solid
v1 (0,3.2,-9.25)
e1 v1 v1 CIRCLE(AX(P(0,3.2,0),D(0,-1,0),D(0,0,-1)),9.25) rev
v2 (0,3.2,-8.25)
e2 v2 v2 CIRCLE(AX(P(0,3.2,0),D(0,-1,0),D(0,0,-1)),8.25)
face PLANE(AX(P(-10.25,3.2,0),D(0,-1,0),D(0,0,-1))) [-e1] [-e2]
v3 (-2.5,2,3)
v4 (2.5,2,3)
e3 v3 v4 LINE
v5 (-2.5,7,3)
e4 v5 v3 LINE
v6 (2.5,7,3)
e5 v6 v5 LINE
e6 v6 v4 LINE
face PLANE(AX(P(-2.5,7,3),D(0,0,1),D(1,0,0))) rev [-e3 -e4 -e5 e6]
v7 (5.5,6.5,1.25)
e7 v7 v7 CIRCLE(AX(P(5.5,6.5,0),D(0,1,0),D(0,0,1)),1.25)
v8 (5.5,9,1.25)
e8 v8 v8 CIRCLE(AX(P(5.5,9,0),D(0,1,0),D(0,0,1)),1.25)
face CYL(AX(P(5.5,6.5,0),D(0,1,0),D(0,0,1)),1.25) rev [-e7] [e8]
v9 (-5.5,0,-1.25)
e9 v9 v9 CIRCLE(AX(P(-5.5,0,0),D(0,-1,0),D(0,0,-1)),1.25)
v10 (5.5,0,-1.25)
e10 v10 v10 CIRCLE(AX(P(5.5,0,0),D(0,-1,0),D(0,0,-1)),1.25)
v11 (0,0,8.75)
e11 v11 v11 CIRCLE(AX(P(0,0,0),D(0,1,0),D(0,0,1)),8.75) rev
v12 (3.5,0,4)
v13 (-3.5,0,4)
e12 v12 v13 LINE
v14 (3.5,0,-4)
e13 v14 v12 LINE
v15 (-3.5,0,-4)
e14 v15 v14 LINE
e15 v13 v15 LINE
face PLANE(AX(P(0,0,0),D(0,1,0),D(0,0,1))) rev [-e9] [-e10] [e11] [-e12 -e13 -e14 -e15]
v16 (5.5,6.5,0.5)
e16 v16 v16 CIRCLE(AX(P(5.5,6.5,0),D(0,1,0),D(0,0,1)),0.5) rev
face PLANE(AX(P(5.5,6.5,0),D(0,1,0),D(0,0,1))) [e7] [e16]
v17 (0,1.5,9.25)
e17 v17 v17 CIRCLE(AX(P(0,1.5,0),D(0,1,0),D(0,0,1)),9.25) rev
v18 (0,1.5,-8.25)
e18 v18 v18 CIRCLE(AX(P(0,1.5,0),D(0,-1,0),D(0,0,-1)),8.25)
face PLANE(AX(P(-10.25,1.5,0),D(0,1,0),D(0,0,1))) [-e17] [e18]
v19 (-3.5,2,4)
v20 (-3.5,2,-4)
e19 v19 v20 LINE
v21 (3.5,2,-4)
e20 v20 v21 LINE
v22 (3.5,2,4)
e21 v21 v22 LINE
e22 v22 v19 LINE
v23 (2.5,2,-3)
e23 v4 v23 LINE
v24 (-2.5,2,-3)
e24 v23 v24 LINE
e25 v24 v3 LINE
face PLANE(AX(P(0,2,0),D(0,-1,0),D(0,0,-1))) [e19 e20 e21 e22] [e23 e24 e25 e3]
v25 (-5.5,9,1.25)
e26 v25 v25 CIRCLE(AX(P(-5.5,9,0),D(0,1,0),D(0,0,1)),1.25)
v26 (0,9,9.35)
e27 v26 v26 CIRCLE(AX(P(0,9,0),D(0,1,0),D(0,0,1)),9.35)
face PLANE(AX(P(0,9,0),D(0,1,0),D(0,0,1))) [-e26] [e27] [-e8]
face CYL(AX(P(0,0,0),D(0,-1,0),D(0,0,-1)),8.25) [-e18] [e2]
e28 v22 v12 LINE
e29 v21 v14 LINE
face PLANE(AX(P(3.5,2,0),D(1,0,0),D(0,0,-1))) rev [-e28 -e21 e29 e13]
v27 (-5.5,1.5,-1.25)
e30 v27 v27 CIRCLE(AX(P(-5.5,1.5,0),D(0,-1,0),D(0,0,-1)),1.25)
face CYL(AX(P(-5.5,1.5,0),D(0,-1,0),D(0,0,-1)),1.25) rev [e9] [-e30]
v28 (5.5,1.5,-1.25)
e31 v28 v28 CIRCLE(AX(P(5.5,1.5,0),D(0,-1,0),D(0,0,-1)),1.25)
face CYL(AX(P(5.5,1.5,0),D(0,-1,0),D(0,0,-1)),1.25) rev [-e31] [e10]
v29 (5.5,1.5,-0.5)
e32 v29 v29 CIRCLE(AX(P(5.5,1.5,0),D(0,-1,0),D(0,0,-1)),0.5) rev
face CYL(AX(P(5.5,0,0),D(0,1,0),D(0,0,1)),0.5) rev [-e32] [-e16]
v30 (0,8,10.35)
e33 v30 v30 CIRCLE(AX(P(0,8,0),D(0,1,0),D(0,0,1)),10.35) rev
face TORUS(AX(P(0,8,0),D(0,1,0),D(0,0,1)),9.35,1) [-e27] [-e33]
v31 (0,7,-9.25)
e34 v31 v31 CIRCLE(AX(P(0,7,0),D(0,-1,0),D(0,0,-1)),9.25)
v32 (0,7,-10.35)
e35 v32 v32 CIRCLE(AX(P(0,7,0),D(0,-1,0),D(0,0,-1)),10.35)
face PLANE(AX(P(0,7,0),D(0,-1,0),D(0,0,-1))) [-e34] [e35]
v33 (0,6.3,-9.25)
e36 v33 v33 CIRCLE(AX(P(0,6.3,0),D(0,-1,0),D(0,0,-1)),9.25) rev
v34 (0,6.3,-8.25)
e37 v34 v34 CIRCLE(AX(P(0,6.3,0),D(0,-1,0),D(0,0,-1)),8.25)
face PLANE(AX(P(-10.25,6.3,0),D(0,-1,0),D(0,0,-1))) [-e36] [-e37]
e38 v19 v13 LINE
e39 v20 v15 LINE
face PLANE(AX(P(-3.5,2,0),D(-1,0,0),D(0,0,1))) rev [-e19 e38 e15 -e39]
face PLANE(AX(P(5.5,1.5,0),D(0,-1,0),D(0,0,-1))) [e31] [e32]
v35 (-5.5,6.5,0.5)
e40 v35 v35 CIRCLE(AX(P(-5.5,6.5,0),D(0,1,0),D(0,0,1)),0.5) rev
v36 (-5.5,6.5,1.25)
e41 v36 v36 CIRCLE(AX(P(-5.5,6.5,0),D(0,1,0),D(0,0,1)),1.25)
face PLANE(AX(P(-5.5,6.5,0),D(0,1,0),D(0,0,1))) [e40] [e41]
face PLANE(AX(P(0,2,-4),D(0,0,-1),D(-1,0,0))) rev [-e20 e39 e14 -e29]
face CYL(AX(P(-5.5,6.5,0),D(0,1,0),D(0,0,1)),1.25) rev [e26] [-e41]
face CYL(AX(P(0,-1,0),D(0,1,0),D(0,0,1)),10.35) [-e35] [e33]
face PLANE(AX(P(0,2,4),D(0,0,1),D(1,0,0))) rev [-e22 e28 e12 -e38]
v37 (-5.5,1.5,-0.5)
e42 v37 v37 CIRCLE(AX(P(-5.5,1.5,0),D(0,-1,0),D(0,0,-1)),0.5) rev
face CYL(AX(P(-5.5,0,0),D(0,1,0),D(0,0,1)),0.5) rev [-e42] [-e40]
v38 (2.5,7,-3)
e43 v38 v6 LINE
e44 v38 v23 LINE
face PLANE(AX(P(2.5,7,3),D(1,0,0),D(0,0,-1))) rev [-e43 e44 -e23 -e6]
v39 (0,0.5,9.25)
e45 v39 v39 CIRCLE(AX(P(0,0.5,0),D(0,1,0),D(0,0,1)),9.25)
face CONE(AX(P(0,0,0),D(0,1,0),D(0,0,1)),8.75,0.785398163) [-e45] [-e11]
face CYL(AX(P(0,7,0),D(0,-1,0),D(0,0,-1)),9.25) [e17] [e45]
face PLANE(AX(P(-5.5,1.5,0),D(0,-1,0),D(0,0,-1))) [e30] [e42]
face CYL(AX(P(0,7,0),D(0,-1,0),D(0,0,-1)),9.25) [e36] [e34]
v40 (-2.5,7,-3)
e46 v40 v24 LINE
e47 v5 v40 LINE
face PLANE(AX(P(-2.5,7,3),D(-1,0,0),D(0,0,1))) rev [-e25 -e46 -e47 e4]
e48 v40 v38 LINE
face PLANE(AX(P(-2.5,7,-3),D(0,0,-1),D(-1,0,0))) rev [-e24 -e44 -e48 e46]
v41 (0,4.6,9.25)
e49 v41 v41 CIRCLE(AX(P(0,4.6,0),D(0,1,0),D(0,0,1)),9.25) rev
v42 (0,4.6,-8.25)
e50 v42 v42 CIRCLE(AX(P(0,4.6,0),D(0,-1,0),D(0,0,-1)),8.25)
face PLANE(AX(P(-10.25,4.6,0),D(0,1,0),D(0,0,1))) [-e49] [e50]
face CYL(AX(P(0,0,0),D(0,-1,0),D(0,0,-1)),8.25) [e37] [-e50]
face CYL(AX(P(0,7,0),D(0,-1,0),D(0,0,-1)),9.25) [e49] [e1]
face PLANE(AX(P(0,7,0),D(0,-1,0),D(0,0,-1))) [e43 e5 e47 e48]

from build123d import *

# Parameters (mm, degrees)
SKETCH_1_R          = 11
EXTRUDE_1_DEPTH     = 9
SKETCH_2_R          = 0.5
CUT_EXTRUDE_1_DEPTH = 18.972200756
SKETCH_3_R          = 16.549134696
SKETCH_3_R_2        = 9.25
CUT_EXTRUDE_2_DEPTH = 7
SKETCH_4_W          = 2
SKETCH_4_H          = 1.7
SKETCH_5_W          = 5
SKETCH_5_H          = 6
CUT_EXTRUDE_3_DEPTH = 7
SKETCH_6_R          = 1.4
CUT_EXTRUDE_4_DEPTH = 7
SKETCH_7_R          = 1.25
CUT_EXTRUDE_5_DEPTH = 2.5
CUT_EXTRUDE_START   = -1.5
SKETCH_8_R          = 1.25
CUT_EXTRUDE_6_DEPTH = 1.5
SKETCH_9_W          = 7
SKETCH_9_H          = 8
SKETCH_9_W_2        = 5
SKETCH_9_H_2        = 6
CUT_EXTRUDE_7_DEPTH = 2
CHAMFER_1_SIZE      = 0.5
SKETCH_10_R         = 12.5
SKETCH_10_R_2       = 10.35
CUT_EXTRUDE_8_DEPTH = 10
FILLET_1_R          = 1
SKETCH_11_R         = 1.953999565
EXTRUDE_2_DEPTH     = 2


with BuildPart() as part:
    # 草图1 → 凸台-拉伸1 (new body)
    with BuildSketch(Plane(origin=(0, 0, 0), x_dir=(1, 0, 0), z_dir=(0, 1, 0))):
        with Locations(Location((0, 0, 0), (0, 0, 270))):
            Circle(SKETCH_1_R)
    extrude(amount=EXTRUDE_1_DEPTH)

    # 草图2 → 切除-拉伸1 (cut, through all)
    with BuildSketch(Plane(origin=(0, 9, 0), x_dir=(1, 0, 0), z_dir=(0, 1, 0))):
        with Locations(Location((-5.5, 0, 0), (0, 0, 270))):
            Circle(SKETCH_2_R)
        with Locations(Location((5.5, 0, 0), (0, 0, 270))):
            Circle(SKETCH_2_R)
    extrude(amount=-CUT_EXTRUDE_1_DEPTH, mode=Mode.SUBTRACT)

    # 草图3 → 切除-拉伸2 (cut)
    with BuildSketch(Plane.XZ):
        Circle(SKETCH_3_R)
        with Locations(Location((0, 0, 0), (0, 0, 270))):
            Circle(SKETCH_3_R_2, mode=Mode.SUBTRACT)
    extrude(amount=-CUT_EXTRUDE_2_DEPTH, mode=Mode.SUBTRACT)

    # 草图4 → 切除-旋转1 (revolve, cut)
    with BuildSketch(Plane.XY, mode=Mode.PRIVATE) as cut_revolve_1_sk:
        with Locations((-9.25, 5.45)):
            Rectangle(SKETCH_4_W, SKETCH_4_H)
        with Locations((-9.25, 2.35)):
            Rectangle(SKETCH_4_W, SKETCH_4_H)
    revolve(cut_revolve_1_sk.sketch.rotate(Axis((0, 0, 0), (0, 1, 0)), 270), axis=Axis((0, 0, 0), (0, 1, 0)), mode=Mode.SUBTRACT)

    # 草图5 → 切除-拉伸3 (cut)
    with BuildSketch(Plane.XZ):
        Rectangle(SKETCH_5_W, SKETCH_5_H)
    extrude(amount=-CUT_EXTRUDE_3_DEPTH, mode=Mode.SUBTRACT)

    # 草图6 → 切除-拉伸4 (cut)
    with BuildSketch(Plane(origin=(0, 9, 0), x_dir=(1, 0, 0), z_dir=(0, 1, 0))):
        with Locations(Location((0, 0, 0), (0, 0, 270))):
            Circle(SKETCH_6_R)
    extrude(amount=-CUT_EXTRUDE_4_DEPTH, mode=Mode.SUBTRACT)

    # 草图7 → 切除-拉伸5 (cut)
    with BuildSketch(Plane(origin=(0, 9, 0), x_dir=(1, 0, 0), z_dir=(0, 1, 0))):
        with Locations(Location((-5.5, 0, 0), (0, 0, 270))):
            Circle(SKETCH_7_R)
        with Locations(Location((5.5, 0, 0), (0, 0, 270))):
            Circle(SKETCH_7_R)
    extrude(amount=-CUT_EXTRUDE_5_DEPTH, mode=Mode.SUBTRACT)

    # 草图8 → 切除-拉伸6 (cut)
    with BuildSketch(Plane.XZ.offset(CUT_EXTRUDE_START)):
        with Locations(Location((-5.5, 0, 0), (0, 0, 90))):
            Circle(SKETCH_8_R)
        with Locations(Location((5.5, 0, 0), (0, 0, 90))):
            Circle(SKETCH_8_R)
    extrude(amount=CUT_EXTRUDE_6_DEPTH, mode=Mode.SUBTRACT)

    # 草图9 → 切除-拉伸7 (cut)
    with BuildSketch(Plane.XZ):
        Rectangle(SKETCH_9_W, SKETCH_9_H)
        Rectangle(SKETCH_9_W_2, SKETCH_9_H_2, mode=Mode.SUBTRACT)
    extrude(amount=-CUT_EXTRUDE_7_DEPTH, mode=Mode.SUBTRACT)

    # 倒角1
    chamfer_1_edges = [part.edges().sort_by_distance(p)[0] for p in [
        (0, 0, 9.25),
    ]]
    chamfer(chamfer_1_edges, length=CHAMFER_1_SIZE)

    # 草图10 → 切除-拉伸8 (cut)
    with BuildSketch(Plane(origin=(0, 9, 0), x_dir=(1, 0, 0), z_dir=(0, 1, 0))):
        Circle(SKETCH_10_R)
        with Locations(Location((0, 0, 0), (0, 0, 270))):
            Circle(SKETCH_10_R_2, mode=Mode.SUBTRACT)
    extrude(amount=-CUT_EXTRUDE_8_DEPTH, mode=Mode.SUBTRACT)

    # 圆角1
    fillet_1_edges = [part.edges().sort_by_distance(p)[0] for p in [
        (0, 9, -10.35),
    ]]
    fillet(fillet_1_edges, radius=FILLET_1_R)

    # 草图11 → 凸台-拉伸2 (add)
    with BuildSketch(Plane(origin=(0, 9, 0), x_dir=(1, 0, 0), z_dir=(0, 1, 0))):
        Circle(SKETCH_11_R)
    extrude(amount=-EXTRUDE_2_DEPTH)


solid = part.part
